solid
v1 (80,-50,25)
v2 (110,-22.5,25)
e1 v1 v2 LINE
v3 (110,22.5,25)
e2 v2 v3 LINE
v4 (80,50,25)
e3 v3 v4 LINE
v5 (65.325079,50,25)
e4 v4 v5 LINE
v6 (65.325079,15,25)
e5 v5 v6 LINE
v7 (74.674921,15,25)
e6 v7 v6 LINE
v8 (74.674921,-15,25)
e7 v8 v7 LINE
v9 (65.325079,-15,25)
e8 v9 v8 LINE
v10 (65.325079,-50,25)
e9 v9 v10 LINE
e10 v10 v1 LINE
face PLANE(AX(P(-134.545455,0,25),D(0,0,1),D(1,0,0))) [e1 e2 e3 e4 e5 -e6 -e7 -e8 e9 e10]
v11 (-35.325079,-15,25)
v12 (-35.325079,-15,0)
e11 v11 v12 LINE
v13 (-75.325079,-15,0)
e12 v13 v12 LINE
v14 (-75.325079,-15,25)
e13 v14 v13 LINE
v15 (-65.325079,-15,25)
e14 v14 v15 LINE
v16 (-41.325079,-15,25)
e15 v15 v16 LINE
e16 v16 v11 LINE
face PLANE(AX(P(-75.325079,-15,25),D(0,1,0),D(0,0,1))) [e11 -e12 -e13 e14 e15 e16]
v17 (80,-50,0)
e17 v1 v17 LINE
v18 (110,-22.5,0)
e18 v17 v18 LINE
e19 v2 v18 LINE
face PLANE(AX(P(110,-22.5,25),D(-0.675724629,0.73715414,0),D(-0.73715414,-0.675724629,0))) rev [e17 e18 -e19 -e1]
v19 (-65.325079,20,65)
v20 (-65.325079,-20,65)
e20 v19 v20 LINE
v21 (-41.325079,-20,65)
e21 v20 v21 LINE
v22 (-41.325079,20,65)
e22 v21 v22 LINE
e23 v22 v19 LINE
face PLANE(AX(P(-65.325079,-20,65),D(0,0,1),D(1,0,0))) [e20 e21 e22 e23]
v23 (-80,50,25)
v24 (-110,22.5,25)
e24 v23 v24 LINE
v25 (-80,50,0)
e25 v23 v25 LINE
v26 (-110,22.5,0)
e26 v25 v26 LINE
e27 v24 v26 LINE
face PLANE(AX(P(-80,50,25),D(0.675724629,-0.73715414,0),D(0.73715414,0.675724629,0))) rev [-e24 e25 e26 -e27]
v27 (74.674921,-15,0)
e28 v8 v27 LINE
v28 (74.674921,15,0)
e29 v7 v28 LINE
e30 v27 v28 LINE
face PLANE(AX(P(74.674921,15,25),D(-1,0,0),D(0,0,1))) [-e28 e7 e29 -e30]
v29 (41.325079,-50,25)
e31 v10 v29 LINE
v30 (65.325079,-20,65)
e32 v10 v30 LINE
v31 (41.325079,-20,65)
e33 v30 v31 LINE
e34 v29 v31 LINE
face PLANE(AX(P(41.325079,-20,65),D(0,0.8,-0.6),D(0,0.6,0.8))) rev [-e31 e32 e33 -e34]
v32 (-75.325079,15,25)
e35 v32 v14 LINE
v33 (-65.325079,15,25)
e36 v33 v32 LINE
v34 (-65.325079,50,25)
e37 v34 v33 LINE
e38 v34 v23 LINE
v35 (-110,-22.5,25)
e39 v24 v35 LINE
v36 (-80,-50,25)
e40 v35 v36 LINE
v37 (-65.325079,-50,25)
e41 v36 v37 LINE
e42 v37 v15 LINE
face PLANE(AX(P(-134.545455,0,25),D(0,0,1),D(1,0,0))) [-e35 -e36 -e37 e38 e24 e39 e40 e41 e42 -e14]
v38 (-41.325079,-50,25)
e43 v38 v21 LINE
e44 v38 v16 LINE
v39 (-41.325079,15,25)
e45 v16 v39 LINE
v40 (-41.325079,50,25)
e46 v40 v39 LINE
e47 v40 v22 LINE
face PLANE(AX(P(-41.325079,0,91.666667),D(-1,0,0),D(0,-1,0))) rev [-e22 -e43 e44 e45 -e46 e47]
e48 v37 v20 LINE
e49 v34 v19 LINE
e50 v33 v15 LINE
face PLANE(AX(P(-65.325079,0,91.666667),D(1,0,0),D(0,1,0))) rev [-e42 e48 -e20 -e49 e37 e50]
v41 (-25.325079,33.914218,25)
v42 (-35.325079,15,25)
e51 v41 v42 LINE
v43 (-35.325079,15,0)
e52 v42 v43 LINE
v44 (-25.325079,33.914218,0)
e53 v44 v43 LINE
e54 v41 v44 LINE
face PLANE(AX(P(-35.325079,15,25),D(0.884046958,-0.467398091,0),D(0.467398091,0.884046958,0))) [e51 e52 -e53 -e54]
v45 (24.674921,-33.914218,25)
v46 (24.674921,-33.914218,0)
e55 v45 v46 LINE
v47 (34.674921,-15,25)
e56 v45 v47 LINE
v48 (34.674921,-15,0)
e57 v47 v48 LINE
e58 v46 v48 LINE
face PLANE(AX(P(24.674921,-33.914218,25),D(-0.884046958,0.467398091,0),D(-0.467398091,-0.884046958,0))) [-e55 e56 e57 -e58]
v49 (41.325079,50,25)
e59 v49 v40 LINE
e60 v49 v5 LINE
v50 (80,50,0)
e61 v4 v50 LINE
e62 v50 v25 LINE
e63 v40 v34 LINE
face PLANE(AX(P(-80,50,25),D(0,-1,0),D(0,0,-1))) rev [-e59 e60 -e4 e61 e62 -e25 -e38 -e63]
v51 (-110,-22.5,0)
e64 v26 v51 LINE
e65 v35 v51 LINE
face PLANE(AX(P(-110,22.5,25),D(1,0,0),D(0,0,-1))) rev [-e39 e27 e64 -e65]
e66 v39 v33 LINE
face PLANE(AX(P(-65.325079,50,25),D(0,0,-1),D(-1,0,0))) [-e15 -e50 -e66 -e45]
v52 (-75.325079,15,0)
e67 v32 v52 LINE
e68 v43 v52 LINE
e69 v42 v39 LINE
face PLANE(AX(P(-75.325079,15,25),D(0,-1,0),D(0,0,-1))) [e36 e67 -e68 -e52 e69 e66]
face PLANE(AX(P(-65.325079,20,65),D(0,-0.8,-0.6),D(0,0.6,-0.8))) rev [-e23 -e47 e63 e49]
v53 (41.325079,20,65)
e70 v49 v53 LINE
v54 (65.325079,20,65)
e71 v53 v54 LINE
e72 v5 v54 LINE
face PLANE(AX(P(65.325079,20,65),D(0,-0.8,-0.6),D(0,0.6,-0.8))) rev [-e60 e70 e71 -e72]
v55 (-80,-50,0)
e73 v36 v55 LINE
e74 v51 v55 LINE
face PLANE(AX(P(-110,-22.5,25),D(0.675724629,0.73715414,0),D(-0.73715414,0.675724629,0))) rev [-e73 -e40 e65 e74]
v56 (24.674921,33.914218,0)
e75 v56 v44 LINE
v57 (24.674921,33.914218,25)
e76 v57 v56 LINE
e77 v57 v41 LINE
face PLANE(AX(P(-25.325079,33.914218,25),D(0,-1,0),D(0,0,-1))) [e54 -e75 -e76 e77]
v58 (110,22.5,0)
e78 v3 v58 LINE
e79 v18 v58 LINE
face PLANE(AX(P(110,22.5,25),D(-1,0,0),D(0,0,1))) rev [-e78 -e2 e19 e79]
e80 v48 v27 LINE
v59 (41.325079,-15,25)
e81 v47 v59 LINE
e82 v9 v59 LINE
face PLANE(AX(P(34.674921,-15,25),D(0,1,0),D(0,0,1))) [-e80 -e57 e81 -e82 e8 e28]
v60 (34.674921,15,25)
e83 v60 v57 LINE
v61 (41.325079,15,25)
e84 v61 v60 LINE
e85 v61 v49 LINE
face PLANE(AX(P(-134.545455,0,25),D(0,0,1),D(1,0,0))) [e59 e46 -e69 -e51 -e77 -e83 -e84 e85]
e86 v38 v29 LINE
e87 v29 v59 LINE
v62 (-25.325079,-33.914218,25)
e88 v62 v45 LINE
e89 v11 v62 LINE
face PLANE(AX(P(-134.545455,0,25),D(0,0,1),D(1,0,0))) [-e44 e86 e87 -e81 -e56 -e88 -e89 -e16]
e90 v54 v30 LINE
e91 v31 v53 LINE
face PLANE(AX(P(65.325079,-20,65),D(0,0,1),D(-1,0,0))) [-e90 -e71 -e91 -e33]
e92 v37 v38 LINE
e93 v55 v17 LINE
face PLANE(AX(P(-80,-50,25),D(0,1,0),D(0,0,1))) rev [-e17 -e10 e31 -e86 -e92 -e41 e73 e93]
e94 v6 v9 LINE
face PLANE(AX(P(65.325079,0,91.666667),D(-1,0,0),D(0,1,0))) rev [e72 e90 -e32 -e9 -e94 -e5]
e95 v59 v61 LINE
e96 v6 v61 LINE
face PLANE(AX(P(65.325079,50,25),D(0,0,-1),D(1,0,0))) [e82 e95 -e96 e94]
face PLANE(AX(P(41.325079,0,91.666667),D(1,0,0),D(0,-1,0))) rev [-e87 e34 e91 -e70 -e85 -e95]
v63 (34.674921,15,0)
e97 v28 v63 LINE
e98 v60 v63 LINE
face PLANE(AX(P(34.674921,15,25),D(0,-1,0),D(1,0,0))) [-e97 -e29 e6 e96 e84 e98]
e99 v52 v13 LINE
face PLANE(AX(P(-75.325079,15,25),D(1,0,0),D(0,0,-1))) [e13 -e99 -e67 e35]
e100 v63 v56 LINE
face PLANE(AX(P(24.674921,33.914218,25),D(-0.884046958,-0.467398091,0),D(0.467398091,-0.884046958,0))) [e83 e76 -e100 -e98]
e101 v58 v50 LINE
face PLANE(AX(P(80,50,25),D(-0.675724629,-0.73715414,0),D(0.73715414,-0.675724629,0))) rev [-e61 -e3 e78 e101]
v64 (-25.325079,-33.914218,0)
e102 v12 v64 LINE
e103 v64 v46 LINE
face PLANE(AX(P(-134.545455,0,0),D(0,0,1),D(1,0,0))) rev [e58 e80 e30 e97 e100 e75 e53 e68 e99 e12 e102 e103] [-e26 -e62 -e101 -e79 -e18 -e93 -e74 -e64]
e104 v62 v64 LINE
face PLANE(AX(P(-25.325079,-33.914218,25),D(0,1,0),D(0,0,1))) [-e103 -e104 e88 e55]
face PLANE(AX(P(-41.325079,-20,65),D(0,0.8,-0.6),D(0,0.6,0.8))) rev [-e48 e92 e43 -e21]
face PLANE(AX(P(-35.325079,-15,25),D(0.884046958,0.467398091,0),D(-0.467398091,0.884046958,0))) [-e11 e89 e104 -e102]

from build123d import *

# Parameters (mm, degrees)
EXTRUDE1_DEPTH = 25


with BuildPart() as part:
    # Sketch1 → Extrude1 (new body)
    with BuildSketch(Plane.XY):
        Polygon((110, 22.5), (110, -22.5), (80, -50), (-80, -50), (-110, -22.5), (-110, 22.5), (-80, 50), (80, 50), align=None)
        Polygon((-75.325078699, 15), (-35.325078699, 15), (-25.325078699, 33.914218403), (24.674921301, 33.914218403), (34.674921301, 15), (74.674921301, 15), (74.674921301, -15), (34.674921301, -15), (24.674921301, -33.914218403), (-25.325078699, -33.914218403), (-35.325078699, -15), (-75.325078699, -15), align=None, mode=Mode.SUBTRACT)
    extrude(amount=EXTRUDE1_DEPTH)

    # Sketch3 → Loft1 section 0
    with BuildSketch(Plane.XY.offset(25)):
        with BuildLine():
            Line((-65.325078699, -50), (-41.325078699, -50))
            Line((-41.325078699, -50), (-41.325078699, 50))
            Line((-41.325078699, 50), (-65.325078699, 50))
            Line((-65.325078699, 50), (-65.325078699, -50))
        make_face()
    # Sketch2 → Loft1 section 1
    with BuildSketch(Plane.XY.offset(65)):
        with BuildLine():
            Line((-65.325078699, 20), (-41.325078699, 20))
            Line((-41.325078699, 20), (-41.325078699, -20))
            Line((-41.325078699, -20), (-65.325078699, -20))
            Line((-65.325078699, -20), (-65.325078699, 20))
        make_face()
    loft1 = loft()

    # Mirror1: Loft1 across plane
    add(loft1.mirror(Plane(origin=(0, 0, 0), x_dir=(0, 0, 1), z_dir=(1, 0, 0))))


solid = part.part
